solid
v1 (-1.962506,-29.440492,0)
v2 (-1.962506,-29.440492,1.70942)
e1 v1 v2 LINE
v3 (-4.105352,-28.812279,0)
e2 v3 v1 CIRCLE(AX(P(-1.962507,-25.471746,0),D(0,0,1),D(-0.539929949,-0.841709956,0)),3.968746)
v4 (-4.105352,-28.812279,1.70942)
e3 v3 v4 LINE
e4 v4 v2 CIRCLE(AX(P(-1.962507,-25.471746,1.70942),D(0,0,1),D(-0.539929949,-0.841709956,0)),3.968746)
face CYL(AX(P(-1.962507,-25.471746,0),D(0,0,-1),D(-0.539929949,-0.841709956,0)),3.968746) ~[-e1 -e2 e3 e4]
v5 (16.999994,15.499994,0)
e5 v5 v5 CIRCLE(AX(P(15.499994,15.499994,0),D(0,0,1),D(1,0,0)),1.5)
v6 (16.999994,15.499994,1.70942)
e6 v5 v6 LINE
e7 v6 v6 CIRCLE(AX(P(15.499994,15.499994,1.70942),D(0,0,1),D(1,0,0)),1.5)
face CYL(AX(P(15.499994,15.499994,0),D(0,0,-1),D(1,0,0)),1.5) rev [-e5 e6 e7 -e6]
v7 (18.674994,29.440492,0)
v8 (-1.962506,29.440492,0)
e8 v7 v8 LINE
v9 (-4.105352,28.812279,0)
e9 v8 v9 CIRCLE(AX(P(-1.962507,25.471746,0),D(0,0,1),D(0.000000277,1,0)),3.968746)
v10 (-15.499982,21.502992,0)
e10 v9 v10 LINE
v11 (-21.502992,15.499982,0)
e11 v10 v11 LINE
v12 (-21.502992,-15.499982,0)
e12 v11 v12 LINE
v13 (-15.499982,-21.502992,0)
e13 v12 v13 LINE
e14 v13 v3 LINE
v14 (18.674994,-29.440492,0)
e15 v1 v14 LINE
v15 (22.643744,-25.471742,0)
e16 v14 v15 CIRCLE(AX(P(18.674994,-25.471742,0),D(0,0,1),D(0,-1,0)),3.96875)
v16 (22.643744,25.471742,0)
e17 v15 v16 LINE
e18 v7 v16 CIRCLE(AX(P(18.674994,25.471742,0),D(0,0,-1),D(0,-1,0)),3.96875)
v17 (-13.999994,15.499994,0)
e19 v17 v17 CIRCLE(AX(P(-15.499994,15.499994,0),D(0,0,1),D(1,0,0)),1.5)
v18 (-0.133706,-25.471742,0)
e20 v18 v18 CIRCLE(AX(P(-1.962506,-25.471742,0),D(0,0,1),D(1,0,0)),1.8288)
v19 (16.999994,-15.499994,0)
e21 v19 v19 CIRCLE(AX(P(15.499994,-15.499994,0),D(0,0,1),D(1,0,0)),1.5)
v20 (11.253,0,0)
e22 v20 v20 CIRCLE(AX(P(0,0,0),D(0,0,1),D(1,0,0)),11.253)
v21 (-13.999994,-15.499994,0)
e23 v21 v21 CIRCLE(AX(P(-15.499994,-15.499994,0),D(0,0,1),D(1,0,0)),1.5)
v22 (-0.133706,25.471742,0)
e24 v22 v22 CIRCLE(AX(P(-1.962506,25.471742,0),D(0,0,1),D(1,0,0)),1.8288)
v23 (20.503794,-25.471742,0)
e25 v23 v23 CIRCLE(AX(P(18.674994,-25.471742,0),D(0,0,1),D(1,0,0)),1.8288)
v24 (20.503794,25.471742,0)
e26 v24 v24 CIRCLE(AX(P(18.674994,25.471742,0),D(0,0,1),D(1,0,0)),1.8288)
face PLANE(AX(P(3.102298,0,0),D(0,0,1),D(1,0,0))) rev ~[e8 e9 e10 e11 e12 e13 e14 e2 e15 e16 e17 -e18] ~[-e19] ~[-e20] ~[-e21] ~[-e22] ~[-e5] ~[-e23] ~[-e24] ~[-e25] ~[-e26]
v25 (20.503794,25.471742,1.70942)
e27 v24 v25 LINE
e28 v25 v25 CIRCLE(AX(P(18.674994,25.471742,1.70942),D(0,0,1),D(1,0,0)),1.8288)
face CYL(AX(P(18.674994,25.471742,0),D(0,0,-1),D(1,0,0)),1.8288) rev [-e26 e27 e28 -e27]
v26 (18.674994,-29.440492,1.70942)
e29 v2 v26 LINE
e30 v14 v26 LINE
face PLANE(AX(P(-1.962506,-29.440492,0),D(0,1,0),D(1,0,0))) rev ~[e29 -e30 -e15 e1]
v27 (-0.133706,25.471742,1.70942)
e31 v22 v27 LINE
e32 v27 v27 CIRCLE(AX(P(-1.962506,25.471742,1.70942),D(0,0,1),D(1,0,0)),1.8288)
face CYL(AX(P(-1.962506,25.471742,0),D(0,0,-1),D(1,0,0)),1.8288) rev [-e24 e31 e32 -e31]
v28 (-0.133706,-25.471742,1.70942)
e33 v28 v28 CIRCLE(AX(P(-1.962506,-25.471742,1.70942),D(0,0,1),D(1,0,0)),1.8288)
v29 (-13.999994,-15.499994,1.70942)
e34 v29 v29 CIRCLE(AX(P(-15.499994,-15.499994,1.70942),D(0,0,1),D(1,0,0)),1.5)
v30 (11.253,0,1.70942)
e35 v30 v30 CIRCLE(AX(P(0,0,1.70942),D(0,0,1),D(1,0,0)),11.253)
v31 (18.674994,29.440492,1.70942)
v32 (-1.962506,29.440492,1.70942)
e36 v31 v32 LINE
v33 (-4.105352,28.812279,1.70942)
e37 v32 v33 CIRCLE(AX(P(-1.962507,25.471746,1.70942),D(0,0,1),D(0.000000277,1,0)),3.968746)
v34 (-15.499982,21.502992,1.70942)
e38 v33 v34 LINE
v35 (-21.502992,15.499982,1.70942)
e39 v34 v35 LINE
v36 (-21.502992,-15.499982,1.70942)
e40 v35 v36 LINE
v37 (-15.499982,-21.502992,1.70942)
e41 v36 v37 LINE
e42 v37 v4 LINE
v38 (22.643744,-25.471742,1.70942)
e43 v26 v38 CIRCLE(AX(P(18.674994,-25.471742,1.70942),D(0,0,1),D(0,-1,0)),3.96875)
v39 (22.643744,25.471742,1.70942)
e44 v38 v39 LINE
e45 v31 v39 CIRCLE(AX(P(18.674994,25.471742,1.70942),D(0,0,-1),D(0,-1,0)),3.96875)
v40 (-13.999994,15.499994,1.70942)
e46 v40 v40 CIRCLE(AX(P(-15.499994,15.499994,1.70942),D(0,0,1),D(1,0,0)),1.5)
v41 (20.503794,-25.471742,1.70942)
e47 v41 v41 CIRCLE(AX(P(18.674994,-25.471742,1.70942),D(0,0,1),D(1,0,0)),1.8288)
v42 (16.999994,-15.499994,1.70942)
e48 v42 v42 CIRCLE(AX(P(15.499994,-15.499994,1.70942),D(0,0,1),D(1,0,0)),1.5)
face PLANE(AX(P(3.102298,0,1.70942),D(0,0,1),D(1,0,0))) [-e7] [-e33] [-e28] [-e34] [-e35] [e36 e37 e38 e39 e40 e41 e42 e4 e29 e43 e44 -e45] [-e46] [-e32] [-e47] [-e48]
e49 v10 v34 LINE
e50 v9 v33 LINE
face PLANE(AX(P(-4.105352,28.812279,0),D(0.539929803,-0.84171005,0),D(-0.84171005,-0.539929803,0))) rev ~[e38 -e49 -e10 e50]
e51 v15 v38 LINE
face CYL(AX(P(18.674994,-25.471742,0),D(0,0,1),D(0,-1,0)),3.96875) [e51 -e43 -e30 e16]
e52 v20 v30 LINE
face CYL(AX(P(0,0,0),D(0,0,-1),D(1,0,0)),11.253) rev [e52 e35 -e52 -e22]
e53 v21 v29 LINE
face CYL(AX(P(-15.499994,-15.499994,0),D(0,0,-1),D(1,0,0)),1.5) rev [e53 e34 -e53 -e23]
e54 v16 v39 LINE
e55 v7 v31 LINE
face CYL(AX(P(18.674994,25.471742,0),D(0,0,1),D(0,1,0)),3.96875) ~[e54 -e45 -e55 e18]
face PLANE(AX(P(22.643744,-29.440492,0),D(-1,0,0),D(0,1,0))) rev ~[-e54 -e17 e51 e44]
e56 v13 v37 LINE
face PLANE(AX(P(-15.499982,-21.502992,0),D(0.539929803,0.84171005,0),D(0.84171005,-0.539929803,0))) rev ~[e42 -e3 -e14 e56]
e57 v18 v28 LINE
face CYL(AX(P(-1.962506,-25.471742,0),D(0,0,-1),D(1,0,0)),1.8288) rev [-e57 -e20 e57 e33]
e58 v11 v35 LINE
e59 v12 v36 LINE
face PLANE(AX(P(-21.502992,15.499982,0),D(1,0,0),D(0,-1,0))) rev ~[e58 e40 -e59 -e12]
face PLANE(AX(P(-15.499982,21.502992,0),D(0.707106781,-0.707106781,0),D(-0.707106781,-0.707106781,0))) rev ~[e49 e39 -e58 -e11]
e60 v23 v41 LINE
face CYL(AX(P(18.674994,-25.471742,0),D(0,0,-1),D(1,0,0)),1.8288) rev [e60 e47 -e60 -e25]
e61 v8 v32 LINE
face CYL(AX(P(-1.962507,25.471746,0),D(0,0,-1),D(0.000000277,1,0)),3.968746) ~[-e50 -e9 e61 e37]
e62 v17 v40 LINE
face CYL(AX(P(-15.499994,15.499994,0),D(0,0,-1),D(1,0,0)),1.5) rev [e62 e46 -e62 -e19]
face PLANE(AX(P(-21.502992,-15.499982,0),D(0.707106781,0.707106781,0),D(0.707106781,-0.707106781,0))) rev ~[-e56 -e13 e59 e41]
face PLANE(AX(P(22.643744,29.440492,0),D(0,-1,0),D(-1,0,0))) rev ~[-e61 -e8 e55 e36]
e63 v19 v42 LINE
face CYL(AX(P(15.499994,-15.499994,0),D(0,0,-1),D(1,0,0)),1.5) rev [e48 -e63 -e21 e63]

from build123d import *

# Parameters (mm, degrees)
F0_R     = 1.5
F0_R_2   = 1.8288
F0_R_3   = 11.253
F1_DEPTH = 1.70942
F2_R     = 3.96875


with BuildPart() as f1:
    # F0 (on Top) → F1 (new body)
    with BuildSketch(Plane.XY):
        with BuildLine():
            Line((-21.502992, 15.499982), (-21.502992, -15.499982))
            Line((-21.502992, -15.499982), (-15.499982, -21.502992))
            Line((-15.499982, -21.502992), (-4.105352, -28.812279))
            ThreePointArc((-4.105352, -28.812279), (-3.079023, -29.280202), (-1.962506, -29.440492))
            Line((-1.962506, -29.440492), (22.643744, -29.440492))
            Line((22.643744, -29.440492), (22.643744, 29.440492))
            Line((22.643744, 29.440492), (-1.962506, 29.440492))
            ThreePointArc((-1.962506, 29.440492), (-3.079023, 29.280202), (-4.105352, 28.812279))
            Line((-4.105352, 28.812279), (-15.499982, 21.502992))
            Line((-15.499982, 21.502992), (-21.502992, 15.499982))
        make_face()
        with Locations((-15.499994, -15.499994)):
            Circle(F0_R, mode=Mode.SUBTRACT)
        with Locations((-1.962506, -25.471742)):
            Circle(F0_R_2, mode=Mode.SUBTRACT)
        with Locations((18.674994, -25.471742)):
            Circle(F0_R_2, mode=Mode.SUBTRACT)
        with Locations((15.499994, -15.499994)):
            Circle(F0_R, mode=Mode.SUBTRACT)
        Circle(F0_R_3, mode=Mode.SUBTRACT)
        with Locations((-15.499994, 15.499994)):
            Circle(F0_R, mode=Mode.SUBTRACT)
        with Locations((-1.962506, 25.471742)):
            Circle(F0_R_2, mode=Mode.SUBTRACT)
        with Locations((15.499994, 15.499994)):
            Circle(F0_R, mode=Mode.SUBTRACT)
        with Locations((18.674994, 25.471742)):
            Circle(F0_R_2, mode=Mode.SUBTRACT)
    extrude(amount=F1_DEPTH)

    # F2
    f2_edges = [f1.edges().sort_by_distance(p)[0] for p in [
        (22.643744, -29.440492, 0.85471),
        (22.643744, 29.440492, 0.85471),
    ]]
    fillet(f2_edges, radius=F2_R)


solid = f1.part
